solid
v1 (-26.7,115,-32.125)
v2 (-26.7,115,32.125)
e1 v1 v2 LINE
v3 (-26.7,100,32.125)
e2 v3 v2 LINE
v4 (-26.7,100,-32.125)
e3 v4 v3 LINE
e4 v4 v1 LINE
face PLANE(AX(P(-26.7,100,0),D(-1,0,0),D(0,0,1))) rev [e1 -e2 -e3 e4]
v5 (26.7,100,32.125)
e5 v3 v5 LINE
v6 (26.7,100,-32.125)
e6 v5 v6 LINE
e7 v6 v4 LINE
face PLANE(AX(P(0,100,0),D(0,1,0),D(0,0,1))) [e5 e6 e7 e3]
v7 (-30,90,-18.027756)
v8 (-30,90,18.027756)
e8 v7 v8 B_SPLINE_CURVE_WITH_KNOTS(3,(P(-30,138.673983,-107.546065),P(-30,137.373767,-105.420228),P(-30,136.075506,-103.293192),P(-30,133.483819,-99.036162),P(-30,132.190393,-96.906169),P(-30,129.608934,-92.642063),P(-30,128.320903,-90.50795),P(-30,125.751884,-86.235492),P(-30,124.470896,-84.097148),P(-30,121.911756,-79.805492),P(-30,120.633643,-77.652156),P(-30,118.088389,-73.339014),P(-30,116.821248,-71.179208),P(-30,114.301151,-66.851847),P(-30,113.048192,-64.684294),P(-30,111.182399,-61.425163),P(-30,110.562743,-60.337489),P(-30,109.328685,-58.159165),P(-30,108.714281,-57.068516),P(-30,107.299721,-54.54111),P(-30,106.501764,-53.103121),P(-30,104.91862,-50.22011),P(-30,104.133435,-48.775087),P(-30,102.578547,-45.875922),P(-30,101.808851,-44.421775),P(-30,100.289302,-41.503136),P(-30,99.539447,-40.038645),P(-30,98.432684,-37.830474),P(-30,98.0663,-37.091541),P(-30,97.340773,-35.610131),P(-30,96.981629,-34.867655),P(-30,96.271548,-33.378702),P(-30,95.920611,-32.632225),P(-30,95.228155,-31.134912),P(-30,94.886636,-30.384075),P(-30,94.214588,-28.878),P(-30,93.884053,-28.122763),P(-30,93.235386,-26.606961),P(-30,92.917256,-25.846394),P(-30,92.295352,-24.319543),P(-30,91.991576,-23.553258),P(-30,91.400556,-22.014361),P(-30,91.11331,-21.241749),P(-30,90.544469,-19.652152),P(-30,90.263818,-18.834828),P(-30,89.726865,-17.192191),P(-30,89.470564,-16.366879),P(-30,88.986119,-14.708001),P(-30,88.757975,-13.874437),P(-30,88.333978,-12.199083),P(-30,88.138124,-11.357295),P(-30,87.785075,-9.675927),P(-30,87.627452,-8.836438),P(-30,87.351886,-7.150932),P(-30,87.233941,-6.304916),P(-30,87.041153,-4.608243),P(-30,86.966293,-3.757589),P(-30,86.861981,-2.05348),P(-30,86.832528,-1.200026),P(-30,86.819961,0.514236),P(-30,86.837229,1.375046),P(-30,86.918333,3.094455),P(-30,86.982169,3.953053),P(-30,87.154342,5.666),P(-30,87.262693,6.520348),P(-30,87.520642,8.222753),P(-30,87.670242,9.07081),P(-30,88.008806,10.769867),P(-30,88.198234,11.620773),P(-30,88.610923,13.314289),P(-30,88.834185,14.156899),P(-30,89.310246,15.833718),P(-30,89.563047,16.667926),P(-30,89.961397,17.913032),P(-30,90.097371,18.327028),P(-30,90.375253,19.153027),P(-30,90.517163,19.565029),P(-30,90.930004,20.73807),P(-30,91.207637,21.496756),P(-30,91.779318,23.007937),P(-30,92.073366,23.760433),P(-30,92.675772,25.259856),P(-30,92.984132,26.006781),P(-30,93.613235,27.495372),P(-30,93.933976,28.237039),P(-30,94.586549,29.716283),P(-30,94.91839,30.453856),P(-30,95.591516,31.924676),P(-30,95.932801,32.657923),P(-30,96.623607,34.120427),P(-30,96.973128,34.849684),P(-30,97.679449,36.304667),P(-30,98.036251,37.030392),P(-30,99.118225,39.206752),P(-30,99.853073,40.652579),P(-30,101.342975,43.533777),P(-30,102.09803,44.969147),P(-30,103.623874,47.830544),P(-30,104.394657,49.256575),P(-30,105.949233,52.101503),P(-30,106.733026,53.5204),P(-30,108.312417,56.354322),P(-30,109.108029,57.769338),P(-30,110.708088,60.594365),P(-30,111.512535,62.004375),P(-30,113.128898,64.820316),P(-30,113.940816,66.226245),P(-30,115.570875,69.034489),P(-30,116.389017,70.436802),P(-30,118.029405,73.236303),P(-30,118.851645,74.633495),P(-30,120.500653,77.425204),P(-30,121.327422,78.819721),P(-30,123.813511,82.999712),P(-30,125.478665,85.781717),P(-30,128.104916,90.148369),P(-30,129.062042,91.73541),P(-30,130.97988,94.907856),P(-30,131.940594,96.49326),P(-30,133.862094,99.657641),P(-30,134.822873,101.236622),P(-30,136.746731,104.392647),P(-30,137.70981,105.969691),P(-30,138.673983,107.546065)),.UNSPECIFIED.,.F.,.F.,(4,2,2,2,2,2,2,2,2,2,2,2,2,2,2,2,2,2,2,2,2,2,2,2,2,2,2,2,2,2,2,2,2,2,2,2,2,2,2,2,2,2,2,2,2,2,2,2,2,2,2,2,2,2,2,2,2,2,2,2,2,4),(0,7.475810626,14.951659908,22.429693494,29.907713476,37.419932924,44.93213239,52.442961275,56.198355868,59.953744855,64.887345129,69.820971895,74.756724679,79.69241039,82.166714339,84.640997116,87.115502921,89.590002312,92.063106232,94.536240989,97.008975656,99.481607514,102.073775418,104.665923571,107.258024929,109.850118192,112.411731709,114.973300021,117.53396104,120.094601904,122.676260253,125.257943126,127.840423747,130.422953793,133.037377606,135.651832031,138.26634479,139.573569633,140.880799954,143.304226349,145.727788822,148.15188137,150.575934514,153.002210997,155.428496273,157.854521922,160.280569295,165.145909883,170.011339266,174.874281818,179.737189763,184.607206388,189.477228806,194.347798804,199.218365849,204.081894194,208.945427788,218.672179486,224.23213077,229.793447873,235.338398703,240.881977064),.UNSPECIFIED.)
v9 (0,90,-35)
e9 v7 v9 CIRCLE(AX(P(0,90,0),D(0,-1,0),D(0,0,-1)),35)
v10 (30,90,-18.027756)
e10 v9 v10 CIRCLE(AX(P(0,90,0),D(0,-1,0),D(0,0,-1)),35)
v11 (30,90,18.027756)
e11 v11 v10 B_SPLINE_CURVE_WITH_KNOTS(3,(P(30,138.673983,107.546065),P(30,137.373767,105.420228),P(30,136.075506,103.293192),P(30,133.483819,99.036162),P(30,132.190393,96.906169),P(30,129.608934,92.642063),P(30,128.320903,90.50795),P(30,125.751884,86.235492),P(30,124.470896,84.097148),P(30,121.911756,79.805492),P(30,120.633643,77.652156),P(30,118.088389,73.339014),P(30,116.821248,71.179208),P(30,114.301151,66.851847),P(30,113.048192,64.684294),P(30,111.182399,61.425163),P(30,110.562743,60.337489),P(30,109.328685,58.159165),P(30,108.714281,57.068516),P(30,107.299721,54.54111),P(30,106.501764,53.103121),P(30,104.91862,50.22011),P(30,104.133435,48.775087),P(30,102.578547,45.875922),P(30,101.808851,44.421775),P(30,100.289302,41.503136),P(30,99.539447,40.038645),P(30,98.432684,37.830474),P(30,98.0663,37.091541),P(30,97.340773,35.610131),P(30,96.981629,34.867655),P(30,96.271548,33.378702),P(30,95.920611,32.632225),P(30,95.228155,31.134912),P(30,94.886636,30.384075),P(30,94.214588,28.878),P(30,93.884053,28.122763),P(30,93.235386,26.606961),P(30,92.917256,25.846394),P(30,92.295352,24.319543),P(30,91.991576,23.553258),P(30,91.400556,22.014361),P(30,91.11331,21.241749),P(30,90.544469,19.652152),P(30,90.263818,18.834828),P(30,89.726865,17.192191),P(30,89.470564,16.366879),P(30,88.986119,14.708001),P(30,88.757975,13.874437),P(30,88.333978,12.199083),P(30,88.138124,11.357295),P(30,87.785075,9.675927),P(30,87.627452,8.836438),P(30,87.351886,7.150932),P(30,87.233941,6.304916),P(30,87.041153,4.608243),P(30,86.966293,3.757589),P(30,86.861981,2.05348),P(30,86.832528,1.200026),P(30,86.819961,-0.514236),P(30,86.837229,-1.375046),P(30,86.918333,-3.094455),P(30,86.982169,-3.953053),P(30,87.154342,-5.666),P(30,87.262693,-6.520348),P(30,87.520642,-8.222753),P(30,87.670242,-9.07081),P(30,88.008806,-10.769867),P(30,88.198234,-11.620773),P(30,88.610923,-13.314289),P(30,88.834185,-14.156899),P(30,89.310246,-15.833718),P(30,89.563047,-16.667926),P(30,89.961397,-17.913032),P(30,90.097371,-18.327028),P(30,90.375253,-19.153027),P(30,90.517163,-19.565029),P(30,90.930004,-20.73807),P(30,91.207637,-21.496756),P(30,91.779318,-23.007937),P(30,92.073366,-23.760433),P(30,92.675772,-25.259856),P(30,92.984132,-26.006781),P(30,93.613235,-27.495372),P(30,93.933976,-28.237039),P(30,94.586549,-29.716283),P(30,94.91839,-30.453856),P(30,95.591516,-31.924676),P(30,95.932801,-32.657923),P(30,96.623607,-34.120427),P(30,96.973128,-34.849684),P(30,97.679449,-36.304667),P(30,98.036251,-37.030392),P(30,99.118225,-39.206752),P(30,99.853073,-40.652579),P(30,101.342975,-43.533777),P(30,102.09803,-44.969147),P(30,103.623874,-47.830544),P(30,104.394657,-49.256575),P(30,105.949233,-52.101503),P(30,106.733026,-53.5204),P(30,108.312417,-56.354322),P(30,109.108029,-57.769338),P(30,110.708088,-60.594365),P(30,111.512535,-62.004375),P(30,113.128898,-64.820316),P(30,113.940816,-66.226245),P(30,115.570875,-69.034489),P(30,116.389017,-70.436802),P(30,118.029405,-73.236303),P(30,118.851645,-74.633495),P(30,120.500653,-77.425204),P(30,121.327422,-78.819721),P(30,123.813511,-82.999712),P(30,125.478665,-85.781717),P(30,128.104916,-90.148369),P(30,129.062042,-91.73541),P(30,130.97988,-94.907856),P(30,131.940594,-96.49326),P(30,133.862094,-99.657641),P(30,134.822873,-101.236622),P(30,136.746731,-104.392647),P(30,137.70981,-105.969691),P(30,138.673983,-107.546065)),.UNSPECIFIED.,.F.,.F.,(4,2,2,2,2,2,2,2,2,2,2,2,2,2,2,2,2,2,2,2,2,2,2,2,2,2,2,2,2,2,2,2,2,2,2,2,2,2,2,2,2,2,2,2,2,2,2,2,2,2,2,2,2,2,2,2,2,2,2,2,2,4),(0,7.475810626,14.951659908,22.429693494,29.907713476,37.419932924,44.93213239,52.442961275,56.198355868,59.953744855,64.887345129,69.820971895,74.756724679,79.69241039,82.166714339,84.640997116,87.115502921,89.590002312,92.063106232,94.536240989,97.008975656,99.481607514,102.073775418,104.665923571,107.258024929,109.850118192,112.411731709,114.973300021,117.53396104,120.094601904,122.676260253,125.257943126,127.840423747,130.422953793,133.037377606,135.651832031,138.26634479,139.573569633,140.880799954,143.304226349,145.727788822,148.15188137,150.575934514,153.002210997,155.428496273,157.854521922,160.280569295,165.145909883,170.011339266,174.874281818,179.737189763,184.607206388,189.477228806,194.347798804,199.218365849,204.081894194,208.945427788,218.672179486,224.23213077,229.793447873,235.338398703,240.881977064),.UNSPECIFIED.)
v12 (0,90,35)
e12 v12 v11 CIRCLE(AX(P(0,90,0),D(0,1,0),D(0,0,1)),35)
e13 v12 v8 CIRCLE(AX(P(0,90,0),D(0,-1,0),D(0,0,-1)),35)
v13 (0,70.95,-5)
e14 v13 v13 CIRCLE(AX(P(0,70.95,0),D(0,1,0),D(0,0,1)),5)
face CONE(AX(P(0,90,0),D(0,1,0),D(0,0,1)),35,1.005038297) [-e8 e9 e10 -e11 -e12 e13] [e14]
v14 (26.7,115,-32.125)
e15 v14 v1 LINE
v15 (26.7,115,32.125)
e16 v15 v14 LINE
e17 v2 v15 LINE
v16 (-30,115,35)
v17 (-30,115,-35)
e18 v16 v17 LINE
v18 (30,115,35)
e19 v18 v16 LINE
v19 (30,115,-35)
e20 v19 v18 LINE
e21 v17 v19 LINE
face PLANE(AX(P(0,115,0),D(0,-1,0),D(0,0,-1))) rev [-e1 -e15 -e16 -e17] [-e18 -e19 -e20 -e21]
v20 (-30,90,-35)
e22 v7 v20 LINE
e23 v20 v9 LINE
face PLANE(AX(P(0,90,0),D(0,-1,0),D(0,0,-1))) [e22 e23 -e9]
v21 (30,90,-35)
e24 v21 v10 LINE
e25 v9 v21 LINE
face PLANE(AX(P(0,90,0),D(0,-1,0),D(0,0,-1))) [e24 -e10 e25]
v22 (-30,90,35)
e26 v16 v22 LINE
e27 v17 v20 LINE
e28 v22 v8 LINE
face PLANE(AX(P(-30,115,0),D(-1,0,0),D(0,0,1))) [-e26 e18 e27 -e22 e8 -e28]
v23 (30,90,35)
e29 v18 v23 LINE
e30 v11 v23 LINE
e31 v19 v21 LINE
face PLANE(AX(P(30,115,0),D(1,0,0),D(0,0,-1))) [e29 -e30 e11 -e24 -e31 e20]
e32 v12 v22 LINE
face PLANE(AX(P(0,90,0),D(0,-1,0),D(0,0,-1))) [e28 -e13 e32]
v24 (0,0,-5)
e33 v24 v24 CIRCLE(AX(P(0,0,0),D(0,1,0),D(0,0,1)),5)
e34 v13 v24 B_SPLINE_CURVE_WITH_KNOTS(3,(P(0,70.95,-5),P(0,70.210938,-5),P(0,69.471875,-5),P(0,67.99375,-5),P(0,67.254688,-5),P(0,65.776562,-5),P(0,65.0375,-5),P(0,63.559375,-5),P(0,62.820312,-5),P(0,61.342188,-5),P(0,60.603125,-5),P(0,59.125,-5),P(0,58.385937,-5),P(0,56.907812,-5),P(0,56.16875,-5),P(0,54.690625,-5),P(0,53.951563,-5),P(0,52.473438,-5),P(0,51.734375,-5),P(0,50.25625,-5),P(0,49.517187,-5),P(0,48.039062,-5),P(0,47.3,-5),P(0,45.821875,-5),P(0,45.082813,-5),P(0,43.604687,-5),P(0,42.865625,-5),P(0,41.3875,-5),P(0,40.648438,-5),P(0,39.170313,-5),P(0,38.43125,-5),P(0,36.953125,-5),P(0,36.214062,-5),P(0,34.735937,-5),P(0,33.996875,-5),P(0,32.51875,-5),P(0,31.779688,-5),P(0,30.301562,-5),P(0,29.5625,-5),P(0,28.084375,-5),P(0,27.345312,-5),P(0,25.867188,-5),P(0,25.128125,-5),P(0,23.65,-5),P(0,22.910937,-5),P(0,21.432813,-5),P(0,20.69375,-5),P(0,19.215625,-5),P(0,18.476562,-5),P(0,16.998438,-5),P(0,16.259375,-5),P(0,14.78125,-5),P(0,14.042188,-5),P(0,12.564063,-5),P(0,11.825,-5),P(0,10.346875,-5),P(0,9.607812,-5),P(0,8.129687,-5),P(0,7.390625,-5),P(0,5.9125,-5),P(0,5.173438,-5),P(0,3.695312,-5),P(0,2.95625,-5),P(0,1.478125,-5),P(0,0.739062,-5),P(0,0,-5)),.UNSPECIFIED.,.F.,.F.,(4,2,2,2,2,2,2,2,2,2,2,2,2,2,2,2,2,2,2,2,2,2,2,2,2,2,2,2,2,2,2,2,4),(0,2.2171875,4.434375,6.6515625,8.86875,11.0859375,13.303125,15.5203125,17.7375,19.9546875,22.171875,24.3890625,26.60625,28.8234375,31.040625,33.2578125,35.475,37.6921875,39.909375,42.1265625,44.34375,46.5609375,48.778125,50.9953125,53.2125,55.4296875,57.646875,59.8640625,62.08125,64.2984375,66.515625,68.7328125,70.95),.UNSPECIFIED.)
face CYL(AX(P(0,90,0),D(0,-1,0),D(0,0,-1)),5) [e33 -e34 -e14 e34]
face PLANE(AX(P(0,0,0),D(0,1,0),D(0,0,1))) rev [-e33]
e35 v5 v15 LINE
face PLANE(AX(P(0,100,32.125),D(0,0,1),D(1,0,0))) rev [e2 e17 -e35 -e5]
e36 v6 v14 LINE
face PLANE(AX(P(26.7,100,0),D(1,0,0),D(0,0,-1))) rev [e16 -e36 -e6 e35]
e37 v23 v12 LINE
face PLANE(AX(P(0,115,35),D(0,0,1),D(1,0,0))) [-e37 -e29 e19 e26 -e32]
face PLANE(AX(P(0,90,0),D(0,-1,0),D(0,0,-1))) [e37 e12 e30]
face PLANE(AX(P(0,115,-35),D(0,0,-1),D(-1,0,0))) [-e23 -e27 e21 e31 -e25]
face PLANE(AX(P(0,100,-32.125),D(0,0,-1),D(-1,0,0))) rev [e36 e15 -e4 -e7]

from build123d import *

# Parameters (mm, degrees)
SKETCH1_R               = 5
BOSS_EXTRUDE1_DEPTH     = 90
BOSS_EXTRUDE2_START     = 90
SKETCH2_W               = 60
SKETCH2_H               = 70
BOSS_EXTRUDE2_DEPTH     = 25
CUT_EXTRUDE1_DEPTH      = 126.199840255
CUT_EXTRUDE1_DEPTH_BACK = 126.199840255
SKETCH5_W               = 76.98796528
SKETCH5_H               = 79.307753312
SKETCH5_W_2             = 60
SKETCH5_H_2             = 70
CUT_EXTRUDE2_START      = 115
SKETCH6_W               = 53.399999872
SKETCH6_H               = 64.250000016
CUT_EXTRUDE2_DEPTH      = 15


with BuildPart() as part:
    # Sketch1 → Boss-Extrude1 (new body)
    with BuildSketch(Plane(origin=(0, 0, 0), x_dir=(1, 0, 0), z_dir=(0, 1, 0))):
        with Locations(Location((0, 0, 0), (0, 0, 90))):
            Circle(SKETCH1_R)
    extrude(amount=BOSS_EXTRUDE1_DEPTH)

    # Sketch2 → Boss-Extrude2 (add)
    with BuildSketch(Plane(origin=(0, 0, 0), x_dir=(1, 0, 0), z_dir=(0, 1, 0)).offset(BOSS_EXTRUDE2_START)):
        Rectangle(SKETCH2_W, SKETCH2_H)
    extrude(amount=BOSS_EXTRUDE2_DEPTH)

    # Sketch4 → Revolve1 (revolve)
    with BuildSketch(Plane(origin=(0, 0, 0), x_dir=(0, 0, -1), z_dir=(1, 0, 0)), mode=Mode.PRIVATE) as revolve1_sk:
        Polygon((-35, 90), (-5, 70.95), (-5, 90), align=None)
    revolve(revolve1_sk.sketch.rotate(Axis((0, 90, 0), (0, -1, 0)), 180), axis=Axis((0, 90, 0), (0, -1, 0)))

    # Sketch5 → Cut-Extrude1 (cut, two sides: drawn at the far end of the back side and taken through both)
    with BuildSketch(Plane(origin=(0, 0, 0), x_dir=(1, 0, 0), z_dir=(0, 1, 0)).offset(-CUT_EXTRUDE1_DEPTH_BACK)):
        Rectangle(SKETCH5_W, SKETCH5_H)
        Rectangle(SKETCH5_W_2, SKETCH5_H_2, mode=Mode.SUBTRACT)
    extrude(amount=CUT_EXTRUDE1_DEPTH + CUT_EXTRUDE1_DEPTH_BACK, mode=Mode.SUBTRACT)

    # Sketch6 → Cut-Extrude2 (cut)
    with BuildSketch(Plane(origin=(0, 0, 0), x_dir=(1, 0, 0), z_dir=(0, 1, 0)).offset(CUT_EXTRUDE2_START)):
        Rectangle(SKETCH6_W, SKETCH6_H)
    extrude(amount=-CUT_EXTRUDE2_DEPTH, mode=Mode.SUBTRACT)


solid = part.part
